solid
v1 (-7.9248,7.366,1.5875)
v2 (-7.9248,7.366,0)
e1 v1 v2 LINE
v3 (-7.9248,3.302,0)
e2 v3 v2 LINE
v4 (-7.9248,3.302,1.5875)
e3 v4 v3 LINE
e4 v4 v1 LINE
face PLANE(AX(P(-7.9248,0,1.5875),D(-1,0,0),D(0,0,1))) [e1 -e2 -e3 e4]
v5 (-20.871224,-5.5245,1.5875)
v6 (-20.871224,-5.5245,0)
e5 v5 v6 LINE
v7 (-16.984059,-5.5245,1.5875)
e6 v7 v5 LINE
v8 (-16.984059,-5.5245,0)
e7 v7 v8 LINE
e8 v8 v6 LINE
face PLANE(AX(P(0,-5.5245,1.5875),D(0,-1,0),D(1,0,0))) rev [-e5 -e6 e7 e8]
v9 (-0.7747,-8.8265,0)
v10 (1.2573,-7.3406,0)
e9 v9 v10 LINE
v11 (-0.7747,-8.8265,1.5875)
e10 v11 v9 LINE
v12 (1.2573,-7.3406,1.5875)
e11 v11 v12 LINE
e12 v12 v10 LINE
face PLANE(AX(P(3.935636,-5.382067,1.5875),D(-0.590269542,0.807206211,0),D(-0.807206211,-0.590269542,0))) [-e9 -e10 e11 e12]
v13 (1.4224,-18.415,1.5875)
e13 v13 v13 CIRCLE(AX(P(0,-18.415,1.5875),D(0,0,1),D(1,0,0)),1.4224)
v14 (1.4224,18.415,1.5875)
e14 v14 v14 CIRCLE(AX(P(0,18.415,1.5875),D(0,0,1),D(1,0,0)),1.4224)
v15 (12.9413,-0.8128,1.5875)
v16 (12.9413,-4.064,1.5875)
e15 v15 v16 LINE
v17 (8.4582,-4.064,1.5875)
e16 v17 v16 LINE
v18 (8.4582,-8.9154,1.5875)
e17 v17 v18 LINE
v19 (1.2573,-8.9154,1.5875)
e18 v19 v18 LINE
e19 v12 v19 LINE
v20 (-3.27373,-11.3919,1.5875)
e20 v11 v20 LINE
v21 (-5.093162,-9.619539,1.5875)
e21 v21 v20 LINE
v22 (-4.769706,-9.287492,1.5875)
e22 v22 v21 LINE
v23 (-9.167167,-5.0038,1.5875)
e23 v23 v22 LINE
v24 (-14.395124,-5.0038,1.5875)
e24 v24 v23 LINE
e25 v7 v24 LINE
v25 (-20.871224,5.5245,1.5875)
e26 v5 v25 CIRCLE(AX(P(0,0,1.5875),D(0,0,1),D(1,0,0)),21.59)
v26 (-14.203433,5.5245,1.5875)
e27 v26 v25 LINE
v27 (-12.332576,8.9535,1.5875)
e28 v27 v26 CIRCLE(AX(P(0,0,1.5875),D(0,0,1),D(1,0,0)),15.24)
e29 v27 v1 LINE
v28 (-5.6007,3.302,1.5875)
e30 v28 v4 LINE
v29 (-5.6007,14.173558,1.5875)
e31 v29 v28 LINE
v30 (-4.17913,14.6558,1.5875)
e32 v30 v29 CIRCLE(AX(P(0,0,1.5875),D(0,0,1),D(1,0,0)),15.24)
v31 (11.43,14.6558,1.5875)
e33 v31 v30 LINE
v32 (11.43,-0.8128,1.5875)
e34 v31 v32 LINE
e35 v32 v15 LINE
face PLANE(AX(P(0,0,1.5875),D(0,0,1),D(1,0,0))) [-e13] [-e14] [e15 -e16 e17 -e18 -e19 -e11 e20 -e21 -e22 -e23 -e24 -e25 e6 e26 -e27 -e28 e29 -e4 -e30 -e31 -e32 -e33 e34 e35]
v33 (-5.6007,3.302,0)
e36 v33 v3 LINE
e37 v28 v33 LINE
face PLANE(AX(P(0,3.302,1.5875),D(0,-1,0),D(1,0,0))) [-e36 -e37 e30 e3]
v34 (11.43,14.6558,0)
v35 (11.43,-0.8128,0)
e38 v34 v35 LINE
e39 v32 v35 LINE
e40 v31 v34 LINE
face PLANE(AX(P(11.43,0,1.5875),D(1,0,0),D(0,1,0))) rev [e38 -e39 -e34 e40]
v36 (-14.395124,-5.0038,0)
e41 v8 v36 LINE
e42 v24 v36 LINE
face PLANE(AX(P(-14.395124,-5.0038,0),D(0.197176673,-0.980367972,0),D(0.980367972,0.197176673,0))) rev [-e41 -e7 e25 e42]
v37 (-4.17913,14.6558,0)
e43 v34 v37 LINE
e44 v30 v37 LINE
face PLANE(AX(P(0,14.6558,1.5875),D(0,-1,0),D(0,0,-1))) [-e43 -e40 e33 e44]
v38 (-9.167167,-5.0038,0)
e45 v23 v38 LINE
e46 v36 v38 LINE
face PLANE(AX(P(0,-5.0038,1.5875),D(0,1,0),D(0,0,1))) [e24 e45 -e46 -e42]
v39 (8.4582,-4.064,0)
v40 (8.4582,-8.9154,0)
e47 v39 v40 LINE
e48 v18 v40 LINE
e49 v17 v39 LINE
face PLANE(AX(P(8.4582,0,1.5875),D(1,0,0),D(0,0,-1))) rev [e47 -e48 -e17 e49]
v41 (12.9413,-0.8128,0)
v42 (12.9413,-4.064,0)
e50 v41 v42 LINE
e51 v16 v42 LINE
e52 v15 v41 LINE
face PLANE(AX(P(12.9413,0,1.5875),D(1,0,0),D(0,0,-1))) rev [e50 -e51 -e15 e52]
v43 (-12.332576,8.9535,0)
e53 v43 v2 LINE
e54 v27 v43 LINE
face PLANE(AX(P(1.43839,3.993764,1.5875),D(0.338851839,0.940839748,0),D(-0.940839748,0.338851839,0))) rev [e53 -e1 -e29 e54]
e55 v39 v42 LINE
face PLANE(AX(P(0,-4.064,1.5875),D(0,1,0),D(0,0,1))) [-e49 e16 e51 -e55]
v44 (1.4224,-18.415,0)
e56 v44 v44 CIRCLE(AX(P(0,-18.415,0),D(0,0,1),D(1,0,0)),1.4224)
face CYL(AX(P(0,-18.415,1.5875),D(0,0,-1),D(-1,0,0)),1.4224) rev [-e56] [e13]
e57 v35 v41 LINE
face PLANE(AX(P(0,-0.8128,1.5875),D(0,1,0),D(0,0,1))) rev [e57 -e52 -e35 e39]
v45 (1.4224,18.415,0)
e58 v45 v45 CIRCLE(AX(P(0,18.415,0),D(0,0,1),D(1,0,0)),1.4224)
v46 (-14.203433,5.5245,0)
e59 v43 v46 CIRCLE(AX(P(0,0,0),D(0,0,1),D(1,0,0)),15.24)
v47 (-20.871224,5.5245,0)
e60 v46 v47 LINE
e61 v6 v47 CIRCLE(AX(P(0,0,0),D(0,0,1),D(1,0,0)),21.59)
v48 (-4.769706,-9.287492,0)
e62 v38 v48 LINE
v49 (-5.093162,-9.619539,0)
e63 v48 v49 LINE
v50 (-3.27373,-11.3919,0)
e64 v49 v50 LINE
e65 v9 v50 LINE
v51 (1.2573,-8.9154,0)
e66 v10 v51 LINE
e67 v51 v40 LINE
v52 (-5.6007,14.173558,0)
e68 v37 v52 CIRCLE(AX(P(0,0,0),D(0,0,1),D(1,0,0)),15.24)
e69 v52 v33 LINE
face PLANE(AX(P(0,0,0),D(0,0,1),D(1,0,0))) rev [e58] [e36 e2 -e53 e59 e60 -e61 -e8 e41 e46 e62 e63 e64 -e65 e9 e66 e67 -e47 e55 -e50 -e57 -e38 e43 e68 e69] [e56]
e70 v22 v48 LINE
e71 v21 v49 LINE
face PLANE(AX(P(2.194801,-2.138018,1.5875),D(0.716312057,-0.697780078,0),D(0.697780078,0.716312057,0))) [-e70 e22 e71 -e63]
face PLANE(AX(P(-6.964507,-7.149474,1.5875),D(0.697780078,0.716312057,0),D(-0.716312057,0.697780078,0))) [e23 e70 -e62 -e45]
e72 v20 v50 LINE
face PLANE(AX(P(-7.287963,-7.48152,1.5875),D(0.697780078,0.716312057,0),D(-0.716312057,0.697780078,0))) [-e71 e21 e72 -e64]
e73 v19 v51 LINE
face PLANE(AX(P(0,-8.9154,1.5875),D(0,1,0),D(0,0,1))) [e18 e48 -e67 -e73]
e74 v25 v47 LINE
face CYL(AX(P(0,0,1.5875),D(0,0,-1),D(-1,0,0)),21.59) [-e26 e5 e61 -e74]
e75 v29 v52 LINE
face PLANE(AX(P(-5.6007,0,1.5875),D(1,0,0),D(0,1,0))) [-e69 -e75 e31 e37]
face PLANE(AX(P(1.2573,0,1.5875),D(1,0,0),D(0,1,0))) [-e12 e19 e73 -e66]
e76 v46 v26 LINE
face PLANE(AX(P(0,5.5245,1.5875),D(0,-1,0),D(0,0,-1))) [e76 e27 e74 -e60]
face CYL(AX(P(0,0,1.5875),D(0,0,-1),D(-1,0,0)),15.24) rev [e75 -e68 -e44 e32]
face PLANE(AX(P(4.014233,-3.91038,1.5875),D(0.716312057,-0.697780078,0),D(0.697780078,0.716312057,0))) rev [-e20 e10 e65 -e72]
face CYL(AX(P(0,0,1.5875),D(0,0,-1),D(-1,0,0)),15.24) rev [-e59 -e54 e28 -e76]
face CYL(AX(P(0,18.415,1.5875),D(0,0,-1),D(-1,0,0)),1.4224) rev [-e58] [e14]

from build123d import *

# Parameters (mm, degrees)
SKETCH1_R           = 1.4224
BOSS_EXTRUDE1_DEPTH = 1.5875
CUT_EXTRUDE1_DEPTH  = 31.574112518


with BuildPart() as part:
    # Sketch1 → Boss-Extrude1 (new body)
    with BuildSketch(Plane.XY):
        with BuildLine():
            Line((-14.952058744, -2.948480848), (-16.984058744, -2.948480848))
            Line((-16.984058744, -2.948480848), (-16.984058744, -5.5245))
            Line((-16.984058744, -5.5245), (-20.871224203, -5.5245))
            ThreePointArc((-20.871224203, -5.5245), (21.59, 0), (-20.871224203, 5.5245))
            Line((-20.871224203, 5.5245), (-16.984058744, 5.5245))
            Line((-16.984058744, 5.5245), (-16.984058744, 2.948480848))
            Line((-16.984058744, 2.948480848), (-14.952058744, 2.948480848))
            ThreePointArc((-14.952058744, 2.948480848), (-13.968818521, 6.093415226), (-12.332576282, 8.9535))
            Line((-12.332576282, 8.9535), (-7.9248, 7.366))
            Line((-7.9248, 7.366), (-7.9248, 3.302))
            Line((-7.9248, 3.302), (-5.6007, 3.302))
            Line((-5.6007, 3.302), (-5.6007, 14.173558463))
            ThreePointArc((-5.6007, 14.173558463), (-4.895856129, 14.43219293), (-4.179129857, 14.6558))
            Line((-4.179129857, 14.6558), (4.179129857, 14.6558))
            Line((4.179129857, 14.6558), (11.43, 14.6558))
            Line((11.43, 14.6558), (11.43, -0.8128))
            Line((11.43, -0.8128), (12.9413, -0.8128))
            Line((12.9413, -0.8128), (12.9413, -4.064))
            Line((12.9413, -4.064), (8.4582, -4.064))
            Line((8.4582, -4.064), (8.4582, -8.9154))
            Line((8.4582, -8.9154), (1.2573, -8.9154))
            Line((1.2573, -8.9154), (1.2573, -7.3406))
            Line((1.2573, -7.3406), (-0.7747, -8.8265))
            Line((-0.7747, -8.8265), (-3.273729572, -11.3919))
            Line((-3.273729572, -11.3919), (-5.093162196, -9.619538602))
            Line((-5.093162196, -9.619538602), (-4.769706241, -9.287492148))
            Line((-4.769706241, -9.287492148), (-9.167166743, -5.0038))
            Line((-9.167166743, -5.0038), (-14.395123673, -5.0038))
            ThreePointArc((-14.395123673, -5.0038), (-14.709533071, -3.985879682), (-14.952058744, -2.948480848))
        make_face()
        with Locations((0, 18.415)):
            Circle(SKETCH1_R, mode=Mode.SUBTRACT)
        with Locations((0, -18.415)):
            Circle(SKETCH1_R, mode=Mode.SUBTRACT)
    extrude(amount=BOSS_EXTRUDE1_DEPTH)

    # Sketch2 → Cut-Extrude1 (cut, through all)
    with BuildSketch(Plane.XY.offset(1.5875)):
        Polygon((-14.395123673, -5.0038), (-16.984058744, -5.5245), (-16.984058744, 5.5245), (-14.203432675, 5.5245), align=None)
    extrude(amount=-CUT_EXTRUDE1_DEPTH, mode=Mode.SUBTRACT)


solid = part.part
